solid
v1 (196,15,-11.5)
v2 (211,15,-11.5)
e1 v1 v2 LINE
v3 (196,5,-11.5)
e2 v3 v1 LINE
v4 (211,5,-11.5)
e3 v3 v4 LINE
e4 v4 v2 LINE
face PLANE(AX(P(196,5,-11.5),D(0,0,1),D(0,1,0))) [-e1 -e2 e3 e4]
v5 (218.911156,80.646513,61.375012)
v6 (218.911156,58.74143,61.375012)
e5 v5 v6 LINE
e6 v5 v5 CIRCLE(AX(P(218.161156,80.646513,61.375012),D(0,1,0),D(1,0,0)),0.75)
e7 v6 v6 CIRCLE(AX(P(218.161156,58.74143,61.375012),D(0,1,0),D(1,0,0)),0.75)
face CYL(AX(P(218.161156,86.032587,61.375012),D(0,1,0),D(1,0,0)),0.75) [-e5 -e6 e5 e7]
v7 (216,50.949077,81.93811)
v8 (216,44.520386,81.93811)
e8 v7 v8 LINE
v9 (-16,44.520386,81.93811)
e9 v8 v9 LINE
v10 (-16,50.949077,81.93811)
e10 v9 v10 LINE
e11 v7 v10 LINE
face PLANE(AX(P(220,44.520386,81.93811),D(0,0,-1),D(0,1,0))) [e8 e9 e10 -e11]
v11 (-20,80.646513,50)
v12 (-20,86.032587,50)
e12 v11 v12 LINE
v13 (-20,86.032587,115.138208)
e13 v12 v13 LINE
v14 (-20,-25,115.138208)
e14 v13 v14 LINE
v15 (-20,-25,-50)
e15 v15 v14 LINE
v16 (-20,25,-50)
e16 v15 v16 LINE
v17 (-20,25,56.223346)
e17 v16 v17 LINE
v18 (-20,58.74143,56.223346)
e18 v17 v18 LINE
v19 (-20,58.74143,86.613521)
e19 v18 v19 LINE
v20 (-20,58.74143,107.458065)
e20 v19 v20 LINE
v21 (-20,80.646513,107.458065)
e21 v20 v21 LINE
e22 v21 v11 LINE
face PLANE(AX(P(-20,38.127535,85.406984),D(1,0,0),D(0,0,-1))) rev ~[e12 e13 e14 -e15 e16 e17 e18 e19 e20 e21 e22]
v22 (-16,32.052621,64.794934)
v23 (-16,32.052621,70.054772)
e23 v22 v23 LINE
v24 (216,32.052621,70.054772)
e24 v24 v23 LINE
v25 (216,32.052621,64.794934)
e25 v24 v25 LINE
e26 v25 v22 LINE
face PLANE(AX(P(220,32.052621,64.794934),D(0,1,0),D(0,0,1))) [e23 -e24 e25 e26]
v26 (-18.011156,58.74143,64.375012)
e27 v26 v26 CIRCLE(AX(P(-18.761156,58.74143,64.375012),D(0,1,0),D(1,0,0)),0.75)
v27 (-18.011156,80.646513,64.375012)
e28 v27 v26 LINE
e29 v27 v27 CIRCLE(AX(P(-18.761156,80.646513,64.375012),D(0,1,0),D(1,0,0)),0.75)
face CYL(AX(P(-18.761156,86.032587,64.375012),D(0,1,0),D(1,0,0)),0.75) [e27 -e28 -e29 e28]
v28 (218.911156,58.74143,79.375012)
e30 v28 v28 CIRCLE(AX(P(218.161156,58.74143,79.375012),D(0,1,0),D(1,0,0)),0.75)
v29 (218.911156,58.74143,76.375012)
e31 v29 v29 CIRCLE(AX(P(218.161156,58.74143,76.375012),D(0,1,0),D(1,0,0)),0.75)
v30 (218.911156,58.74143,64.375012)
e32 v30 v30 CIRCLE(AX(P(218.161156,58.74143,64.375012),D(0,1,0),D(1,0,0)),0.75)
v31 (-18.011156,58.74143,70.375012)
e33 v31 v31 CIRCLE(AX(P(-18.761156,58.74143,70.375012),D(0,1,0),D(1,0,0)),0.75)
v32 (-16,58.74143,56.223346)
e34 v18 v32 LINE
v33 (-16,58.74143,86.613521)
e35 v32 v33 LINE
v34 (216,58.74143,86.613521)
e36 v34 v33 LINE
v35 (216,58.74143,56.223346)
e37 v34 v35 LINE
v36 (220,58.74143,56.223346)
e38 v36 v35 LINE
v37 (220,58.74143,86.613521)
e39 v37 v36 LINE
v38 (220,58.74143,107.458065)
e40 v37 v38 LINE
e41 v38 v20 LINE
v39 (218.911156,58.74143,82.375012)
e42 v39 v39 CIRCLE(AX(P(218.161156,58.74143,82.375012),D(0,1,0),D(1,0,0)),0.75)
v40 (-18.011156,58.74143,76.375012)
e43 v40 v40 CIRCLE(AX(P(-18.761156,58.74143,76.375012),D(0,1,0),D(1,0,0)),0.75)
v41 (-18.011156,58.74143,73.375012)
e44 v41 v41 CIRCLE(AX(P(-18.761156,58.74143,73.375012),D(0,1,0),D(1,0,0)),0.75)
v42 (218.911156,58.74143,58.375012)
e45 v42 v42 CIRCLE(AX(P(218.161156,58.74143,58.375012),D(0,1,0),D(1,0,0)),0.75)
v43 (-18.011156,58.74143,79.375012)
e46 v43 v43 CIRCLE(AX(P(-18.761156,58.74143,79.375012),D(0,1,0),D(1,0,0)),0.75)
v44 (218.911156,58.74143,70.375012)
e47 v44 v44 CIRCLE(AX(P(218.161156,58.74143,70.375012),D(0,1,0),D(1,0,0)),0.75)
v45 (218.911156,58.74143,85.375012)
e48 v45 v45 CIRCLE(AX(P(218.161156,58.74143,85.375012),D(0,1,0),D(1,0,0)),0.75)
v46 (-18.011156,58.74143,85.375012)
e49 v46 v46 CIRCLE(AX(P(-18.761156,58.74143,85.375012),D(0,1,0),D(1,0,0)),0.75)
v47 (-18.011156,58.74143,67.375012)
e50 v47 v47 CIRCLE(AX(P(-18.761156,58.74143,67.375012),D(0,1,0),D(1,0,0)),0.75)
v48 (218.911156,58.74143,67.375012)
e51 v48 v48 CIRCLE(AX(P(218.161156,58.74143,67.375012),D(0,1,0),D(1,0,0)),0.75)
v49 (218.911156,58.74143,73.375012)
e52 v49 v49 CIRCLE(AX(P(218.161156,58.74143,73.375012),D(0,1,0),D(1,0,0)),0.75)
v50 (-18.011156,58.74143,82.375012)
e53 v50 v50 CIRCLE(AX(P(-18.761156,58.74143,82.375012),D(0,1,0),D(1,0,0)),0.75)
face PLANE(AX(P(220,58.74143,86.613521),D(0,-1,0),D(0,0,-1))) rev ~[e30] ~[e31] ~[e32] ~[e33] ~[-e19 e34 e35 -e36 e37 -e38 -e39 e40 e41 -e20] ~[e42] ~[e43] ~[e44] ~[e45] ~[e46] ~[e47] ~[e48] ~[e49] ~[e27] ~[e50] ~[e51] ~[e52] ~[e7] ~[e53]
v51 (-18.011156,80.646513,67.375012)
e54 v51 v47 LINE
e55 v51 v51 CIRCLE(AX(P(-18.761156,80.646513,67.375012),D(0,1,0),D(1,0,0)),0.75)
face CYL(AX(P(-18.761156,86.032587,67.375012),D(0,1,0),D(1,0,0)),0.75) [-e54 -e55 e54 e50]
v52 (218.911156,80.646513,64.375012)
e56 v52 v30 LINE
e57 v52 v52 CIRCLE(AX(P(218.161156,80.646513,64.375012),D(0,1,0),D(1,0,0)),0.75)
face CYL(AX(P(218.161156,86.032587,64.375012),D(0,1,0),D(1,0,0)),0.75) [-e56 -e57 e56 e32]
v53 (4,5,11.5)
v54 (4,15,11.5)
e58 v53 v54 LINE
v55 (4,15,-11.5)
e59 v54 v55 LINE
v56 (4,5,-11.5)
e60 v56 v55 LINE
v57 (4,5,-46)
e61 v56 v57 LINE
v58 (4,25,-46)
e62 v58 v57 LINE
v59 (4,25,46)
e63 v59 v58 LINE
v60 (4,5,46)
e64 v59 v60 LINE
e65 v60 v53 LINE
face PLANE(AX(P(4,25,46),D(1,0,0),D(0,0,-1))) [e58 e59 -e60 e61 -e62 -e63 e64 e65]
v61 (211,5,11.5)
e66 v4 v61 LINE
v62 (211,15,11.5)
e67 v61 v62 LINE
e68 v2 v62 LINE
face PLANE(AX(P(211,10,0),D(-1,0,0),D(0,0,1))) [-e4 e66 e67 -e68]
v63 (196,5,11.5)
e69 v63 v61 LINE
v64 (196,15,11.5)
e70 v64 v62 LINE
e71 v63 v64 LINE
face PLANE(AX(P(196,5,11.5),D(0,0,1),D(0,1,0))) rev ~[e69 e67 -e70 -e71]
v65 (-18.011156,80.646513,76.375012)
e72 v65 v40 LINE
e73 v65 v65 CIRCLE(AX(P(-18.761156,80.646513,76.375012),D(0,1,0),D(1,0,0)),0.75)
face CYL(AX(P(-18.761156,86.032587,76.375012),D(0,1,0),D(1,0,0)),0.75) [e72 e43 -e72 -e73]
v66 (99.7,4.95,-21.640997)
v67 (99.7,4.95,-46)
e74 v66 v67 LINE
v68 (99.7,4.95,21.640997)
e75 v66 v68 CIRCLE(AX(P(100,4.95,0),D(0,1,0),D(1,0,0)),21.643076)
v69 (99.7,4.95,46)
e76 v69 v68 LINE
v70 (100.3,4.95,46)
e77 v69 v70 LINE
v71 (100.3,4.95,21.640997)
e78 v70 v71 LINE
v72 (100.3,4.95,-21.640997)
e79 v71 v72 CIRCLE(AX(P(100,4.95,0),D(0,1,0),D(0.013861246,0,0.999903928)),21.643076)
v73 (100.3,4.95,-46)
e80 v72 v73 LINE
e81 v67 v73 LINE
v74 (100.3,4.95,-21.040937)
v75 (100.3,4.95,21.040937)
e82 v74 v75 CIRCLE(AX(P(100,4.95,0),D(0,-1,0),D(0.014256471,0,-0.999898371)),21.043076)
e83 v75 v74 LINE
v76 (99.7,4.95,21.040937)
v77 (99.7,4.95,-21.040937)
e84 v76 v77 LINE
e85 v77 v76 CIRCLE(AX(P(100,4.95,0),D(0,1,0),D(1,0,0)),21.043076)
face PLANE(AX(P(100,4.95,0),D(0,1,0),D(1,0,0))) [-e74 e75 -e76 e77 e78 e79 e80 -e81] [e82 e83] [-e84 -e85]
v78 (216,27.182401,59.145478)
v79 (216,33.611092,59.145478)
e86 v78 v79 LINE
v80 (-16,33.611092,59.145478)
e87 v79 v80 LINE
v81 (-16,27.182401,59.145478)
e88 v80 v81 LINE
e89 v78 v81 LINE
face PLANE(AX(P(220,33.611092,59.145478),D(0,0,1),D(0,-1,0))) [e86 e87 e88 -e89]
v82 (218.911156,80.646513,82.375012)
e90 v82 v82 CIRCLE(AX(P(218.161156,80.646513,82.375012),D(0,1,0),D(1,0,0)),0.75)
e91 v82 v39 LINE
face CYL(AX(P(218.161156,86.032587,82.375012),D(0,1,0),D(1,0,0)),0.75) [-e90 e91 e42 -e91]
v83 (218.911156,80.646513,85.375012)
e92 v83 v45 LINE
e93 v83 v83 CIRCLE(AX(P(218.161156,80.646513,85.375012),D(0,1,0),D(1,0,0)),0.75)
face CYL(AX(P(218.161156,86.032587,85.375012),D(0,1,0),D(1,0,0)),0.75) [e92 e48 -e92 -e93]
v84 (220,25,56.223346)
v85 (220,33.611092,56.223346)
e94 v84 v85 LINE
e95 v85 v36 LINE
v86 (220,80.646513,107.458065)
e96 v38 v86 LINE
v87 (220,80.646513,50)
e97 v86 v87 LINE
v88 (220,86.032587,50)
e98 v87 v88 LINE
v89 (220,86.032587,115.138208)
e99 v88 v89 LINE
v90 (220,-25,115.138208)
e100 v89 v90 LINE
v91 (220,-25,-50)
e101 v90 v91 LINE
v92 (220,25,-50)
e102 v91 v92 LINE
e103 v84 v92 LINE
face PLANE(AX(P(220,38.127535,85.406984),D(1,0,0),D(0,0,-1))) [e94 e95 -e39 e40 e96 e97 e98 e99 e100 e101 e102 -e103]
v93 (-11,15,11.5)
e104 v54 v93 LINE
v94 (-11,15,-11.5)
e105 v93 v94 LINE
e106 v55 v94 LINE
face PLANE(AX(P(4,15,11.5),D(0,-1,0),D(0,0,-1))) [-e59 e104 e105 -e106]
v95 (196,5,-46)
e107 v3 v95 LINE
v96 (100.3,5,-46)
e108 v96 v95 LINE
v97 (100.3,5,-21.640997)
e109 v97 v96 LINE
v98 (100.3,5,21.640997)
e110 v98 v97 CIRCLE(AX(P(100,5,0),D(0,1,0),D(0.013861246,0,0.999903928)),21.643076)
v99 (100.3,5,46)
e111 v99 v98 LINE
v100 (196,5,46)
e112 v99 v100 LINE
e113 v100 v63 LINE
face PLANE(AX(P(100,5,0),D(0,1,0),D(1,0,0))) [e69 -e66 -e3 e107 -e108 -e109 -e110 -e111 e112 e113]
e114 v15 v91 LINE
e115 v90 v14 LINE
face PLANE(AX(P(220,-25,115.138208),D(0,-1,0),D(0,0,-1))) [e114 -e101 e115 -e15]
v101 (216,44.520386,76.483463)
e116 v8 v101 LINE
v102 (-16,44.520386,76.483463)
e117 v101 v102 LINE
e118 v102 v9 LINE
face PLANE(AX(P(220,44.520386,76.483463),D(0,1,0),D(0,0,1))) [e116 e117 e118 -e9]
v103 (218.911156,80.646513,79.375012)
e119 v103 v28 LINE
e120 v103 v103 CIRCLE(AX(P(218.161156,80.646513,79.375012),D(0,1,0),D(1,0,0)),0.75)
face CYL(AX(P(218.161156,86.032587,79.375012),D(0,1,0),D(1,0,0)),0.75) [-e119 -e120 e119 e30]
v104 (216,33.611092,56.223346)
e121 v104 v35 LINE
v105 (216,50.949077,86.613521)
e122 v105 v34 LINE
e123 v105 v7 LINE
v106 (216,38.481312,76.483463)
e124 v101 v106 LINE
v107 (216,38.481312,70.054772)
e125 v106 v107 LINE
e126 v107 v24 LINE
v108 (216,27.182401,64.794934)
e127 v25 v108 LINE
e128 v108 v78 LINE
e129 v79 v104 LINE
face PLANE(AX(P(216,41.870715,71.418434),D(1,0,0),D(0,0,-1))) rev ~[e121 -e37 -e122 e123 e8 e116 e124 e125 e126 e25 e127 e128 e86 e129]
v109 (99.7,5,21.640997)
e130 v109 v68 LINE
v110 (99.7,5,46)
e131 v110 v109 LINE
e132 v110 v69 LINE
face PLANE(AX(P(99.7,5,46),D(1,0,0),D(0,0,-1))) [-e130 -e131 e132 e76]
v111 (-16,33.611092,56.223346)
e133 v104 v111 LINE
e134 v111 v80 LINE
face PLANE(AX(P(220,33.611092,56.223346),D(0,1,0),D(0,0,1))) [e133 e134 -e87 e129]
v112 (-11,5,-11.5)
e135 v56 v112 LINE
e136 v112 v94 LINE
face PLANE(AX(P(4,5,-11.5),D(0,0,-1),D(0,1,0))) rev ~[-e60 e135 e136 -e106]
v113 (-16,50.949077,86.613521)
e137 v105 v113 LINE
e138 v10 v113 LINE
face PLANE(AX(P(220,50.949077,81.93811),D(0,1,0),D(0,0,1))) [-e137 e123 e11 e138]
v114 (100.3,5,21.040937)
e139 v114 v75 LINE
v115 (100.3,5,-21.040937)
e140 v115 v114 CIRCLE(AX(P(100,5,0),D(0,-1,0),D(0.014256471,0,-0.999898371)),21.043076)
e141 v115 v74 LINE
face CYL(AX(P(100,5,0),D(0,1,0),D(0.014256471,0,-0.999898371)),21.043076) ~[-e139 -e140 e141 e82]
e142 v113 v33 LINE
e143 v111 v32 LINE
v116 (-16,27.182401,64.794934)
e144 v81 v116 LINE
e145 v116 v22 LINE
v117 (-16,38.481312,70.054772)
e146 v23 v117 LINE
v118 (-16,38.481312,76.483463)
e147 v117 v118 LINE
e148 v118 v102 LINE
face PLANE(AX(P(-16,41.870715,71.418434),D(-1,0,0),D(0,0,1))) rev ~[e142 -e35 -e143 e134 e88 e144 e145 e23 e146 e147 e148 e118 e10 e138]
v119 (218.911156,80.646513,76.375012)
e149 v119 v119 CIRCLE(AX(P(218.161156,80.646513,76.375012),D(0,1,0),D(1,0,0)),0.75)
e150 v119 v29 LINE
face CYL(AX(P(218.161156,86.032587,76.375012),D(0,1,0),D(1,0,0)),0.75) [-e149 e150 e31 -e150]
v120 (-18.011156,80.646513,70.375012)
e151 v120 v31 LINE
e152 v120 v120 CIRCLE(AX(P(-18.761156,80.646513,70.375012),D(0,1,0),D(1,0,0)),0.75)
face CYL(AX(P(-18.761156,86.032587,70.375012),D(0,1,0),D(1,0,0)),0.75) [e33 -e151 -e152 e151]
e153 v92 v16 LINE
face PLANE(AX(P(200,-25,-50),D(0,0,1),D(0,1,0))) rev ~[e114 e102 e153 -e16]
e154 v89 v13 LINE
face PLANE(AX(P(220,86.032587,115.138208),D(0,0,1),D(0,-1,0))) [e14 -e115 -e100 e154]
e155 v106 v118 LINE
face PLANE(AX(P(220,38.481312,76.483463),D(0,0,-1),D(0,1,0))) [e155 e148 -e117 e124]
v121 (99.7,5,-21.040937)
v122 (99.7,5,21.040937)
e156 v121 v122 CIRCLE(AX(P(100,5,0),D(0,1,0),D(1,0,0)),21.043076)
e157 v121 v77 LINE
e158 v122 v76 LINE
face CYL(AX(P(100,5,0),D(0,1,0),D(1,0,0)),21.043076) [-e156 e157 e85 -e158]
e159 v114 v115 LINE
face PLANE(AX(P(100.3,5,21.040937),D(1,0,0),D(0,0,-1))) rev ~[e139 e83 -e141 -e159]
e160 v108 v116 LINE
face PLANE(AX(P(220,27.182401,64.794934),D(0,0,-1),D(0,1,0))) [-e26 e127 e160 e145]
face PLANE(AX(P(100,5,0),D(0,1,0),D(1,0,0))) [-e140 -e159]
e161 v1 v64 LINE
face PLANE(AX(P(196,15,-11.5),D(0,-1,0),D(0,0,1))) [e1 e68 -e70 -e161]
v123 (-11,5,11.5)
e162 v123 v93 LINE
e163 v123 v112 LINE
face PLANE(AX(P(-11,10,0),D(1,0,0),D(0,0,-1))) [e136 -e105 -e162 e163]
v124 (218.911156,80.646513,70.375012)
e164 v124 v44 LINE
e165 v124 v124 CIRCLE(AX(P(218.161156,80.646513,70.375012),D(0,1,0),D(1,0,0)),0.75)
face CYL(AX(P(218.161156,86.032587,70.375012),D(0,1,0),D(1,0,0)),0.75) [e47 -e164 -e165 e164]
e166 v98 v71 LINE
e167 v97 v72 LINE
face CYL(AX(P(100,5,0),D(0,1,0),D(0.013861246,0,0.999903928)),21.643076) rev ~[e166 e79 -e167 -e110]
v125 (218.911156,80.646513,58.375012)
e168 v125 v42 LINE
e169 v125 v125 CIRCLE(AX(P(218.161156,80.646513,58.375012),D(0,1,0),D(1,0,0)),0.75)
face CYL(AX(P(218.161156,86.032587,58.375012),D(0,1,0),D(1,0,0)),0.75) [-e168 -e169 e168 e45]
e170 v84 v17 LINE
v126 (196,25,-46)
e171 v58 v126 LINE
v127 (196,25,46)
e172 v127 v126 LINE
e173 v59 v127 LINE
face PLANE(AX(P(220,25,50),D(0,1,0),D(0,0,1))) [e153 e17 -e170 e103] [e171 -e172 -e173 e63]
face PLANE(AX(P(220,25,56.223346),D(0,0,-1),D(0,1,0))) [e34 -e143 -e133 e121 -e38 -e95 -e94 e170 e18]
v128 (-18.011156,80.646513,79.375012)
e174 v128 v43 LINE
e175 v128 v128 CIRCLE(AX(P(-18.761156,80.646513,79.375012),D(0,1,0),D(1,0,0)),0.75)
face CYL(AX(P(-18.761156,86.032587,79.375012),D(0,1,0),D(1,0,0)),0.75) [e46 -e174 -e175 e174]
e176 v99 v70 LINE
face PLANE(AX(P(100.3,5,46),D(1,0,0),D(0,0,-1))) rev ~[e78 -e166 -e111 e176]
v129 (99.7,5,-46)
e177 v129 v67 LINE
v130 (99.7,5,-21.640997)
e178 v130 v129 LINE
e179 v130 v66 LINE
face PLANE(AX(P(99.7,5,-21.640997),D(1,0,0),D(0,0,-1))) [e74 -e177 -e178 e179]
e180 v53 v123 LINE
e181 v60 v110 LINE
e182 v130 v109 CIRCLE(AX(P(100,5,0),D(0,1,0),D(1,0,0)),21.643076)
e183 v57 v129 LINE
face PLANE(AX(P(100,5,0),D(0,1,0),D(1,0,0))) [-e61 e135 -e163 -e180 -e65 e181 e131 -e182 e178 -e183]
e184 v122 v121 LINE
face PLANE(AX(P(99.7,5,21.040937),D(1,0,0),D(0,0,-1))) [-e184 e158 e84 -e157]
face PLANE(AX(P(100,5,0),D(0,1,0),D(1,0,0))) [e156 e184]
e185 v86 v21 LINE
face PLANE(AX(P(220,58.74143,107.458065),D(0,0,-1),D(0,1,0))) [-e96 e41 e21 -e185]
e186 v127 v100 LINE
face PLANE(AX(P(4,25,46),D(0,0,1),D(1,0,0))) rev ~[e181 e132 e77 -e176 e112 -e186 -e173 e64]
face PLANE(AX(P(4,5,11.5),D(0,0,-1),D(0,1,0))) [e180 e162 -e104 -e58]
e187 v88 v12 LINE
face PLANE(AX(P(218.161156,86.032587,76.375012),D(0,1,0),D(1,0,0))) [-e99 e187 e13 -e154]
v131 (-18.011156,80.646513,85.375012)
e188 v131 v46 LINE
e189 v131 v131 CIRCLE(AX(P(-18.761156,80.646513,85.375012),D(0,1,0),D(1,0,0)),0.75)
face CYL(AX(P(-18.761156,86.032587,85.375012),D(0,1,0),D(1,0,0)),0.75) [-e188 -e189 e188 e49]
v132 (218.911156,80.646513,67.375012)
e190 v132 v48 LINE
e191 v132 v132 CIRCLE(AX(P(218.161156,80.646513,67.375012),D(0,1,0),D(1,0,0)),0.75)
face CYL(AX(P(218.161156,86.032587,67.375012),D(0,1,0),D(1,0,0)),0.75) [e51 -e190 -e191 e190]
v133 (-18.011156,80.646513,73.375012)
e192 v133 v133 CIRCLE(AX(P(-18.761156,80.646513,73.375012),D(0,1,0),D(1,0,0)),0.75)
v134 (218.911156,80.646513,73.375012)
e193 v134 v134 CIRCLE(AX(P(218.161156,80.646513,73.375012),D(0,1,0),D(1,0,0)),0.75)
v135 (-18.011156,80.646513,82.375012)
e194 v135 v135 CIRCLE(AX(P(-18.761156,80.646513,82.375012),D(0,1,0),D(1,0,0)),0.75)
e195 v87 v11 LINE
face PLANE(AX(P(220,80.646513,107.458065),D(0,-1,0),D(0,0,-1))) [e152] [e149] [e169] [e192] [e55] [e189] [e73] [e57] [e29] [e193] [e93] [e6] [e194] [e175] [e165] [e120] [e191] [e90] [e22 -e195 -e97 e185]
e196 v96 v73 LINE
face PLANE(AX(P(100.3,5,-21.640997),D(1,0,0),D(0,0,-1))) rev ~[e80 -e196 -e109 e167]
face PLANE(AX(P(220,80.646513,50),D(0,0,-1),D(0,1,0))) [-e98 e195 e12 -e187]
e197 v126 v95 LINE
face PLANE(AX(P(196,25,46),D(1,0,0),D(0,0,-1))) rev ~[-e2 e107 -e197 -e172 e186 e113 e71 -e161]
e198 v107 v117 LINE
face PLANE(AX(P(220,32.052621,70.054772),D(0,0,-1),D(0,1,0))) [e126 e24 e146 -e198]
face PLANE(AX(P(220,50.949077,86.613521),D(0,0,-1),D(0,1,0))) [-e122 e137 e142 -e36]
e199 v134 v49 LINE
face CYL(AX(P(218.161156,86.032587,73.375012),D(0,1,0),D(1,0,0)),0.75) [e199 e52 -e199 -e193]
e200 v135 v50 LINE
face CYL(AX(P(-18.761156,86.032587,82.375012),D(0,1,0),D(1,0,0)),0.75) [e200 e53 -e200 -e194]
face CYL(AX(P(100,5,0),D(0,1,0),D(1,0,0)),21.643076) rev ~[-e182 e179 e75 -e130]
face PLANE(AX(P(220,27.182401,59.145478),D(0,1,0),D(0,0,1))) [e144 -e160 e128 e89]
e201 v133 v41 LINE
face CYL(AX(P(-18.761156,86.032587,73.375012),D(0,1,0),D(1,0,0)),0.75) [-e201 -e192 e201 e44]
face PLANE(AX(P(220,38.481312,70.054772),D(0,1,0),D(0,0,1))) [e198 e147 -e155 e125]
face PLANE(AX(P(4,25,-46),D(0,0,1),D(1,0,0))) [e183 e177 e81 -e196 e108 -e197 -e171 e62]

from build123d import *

# Parameters (mm, degrees)
SKETCH_1_W            = 100
SKETCH_1_H            = 50
EXTRUDE_1_DEPTH       = 200
SKETCH_2_W            = 192
SKETCH_2_H            = 92
CUT_EXTRUDE_1_DEPTH   = 20
SKETCH_3_W            = 100
SKETCH_3_H            = 50
EXTRUDE_2_DEPTH       = 20
SKETCH_4_W            = 100
SKETCH_4_H            = 50
EXTRUDE_3_DEPTH       = 20
SKETCH_6_W            = 23
SKETCH_6_H            = 10
CUT_EXTRUDE_2_DEPTH   = 15
SKETCH_7_W            = 23
SKETCH_7_H            = 10
CUT_EXTRUDE_3_DEPTH   = 15
SKETCH_10_R           = 21.643075995
SKETCH_10_R_2         = 21.043075995
SKETCH_10_W           = 0.6
SKETCH_10_H           = 92
CUT_EXTRUDE_2_2_DEPTH = 0.05
EXTRUDE_4_DEPTH       = 240
SKETCH_12_W           = 30.390175899
SKETCH_12_H           = 33.741429703
EXTRUDE_5_DEPTH       = 4
SKETCH_13_W           = 30.390175899
SKETCH_13_H           = 33.741429703
EXTRUDE_6_DEPTH       = 4
SKETCH_14_R           = 0.75
EXTRUDE_7_DEPTH       = 27.291157


with BuildPart() as part:
    # 草圖1 → 填料-伸長1 (new body)
    with BuildSketch(Plane(origin=(0, 0, 0), x_dir=(0, 0, -1), z_dir=(1, 0, 0))):
        Rectangle(SKETCH_1_W, SKETCH_1_H)
    extrude(amount=EXTRUDE_1_DEPTH)

    # 草圖2 → 除料-伸長1 (cut)
    with BuildSketch(Plane(origin=(0, 25, 0), x_dir=(1, 0, 0), z_dir=(0, 1, 0))):
        with Locations((100, 0)):
            Rectangle(SKETCH_2_W, SKETCH_2_H)
    extrude(amount=-CUT_EXTRUDE_1_DEPTH, mode=Mode.SUBTRACT)

    # 草圖3 → 填料-伸長2 (add)
    with BuildSketch(Plane.ZY):
        Rectangle(SKETCH_3_W, SKETCH_3_H)
    extrude(amount=EXTRUDE_2_DEPTH)

    # 草圖4 → 填料-伸長3 (add)
    with BuildSketch(Plane(origin=(200, 0, 0), x_dir=(0, 0, -1), z_dir=(1, 0, 0))):
        Rectangle(SKETCH_4_W, SKETCH_4_H)
    extrude(amount=EXTRUDE_3_DEPTH)

    # 草圖6 → Cut-Extrude 2 (cut)
    with BuildSketch(Plane(origin=(4, 0, 0), x_dir=(0, 0, -1), z_dir=(1, 0, 0))):
        with Locations((0, 10)):
            Rectangle(SKETCH_6_W, SKETCH_6_H)
    extrude(amount=-CUT_EXTRUDE_2_DEPTH, mode=Mode.SUBTRACT)

    # 草圖7 → 除料-伸長3 (cut)
    with BuildSketch(Plane.ZY.offset(-196)):
        with Locations((0, 10)):
            Rectangle(SKETCH_7_W, SKETCH_7_H)
    extrude(amount=-CUT_EXTRUDE_3_DEPTH, mode=Mode.SUBTRACT)

    # 草圖10 → Cut-Extrude 2 2 (cut)
    with BuildSketch(Plane(origin=(0, 5, 0), x_dir=(1, 0, 0), z_dir=(0, 1, 0))):
        with Locations((100, 0)):
            Circle(SKETCH_10_R)
        with Locations((100, 0)):
            Circle(SKETCH_10_R_2, mode=Mode.SUBTRACT)
        with Locations((100, 0)):
            Rectangle(SKETCH_10_W, SKETCH_10_H)
    extrude(amount=-CUT_EXTRUDE_2_2_DEPTH, mode=Mode.SUBTRACT)

    # 草圖11 → 填料-伸長4 (add)
    with BuildSketch(Plane(origin=(220, 0, 0), x_dir=(0, 0, -1), z_dir=(1, 0, 0))):
        Polygon((-50, 25), (-56.223345598, 25), (-56.223345598, 33.611091941), (-59.145477896, 33.611091941), (-59.145477896, 27.182400885), (-64.794933673, 27.182400885), (-64.794933673, 32.052621382), (-70.054771809, 32.052621382), (-70.054771809, 38.481312437), (-76.483462864, 38.481312437), (-76.483462864, 44.520385853), (-81.938109821, 44.520385853), (-81.938109821, 50.949076909), (-86.613521497, 50.949076909), (-86.613521497, 58.741429703), (-107.458065223, 58.741429703), (-107.458065223, 80.646512644), (-50, 80.646512644), (-50, 86.032586896), (-115.138208137, 86.032586896), (-115.138208137, -25), (-50, -25), align=None)
    extrude(amount=-EXTRUDE_4_DEPTH)

    # 草圖12 → 填料-伸長5 (add)
    with BuildSketch(Plane(origin=(220, 0, 0), x_dir=(0, 0, -1), z_dir=(1, 0, 0))):
        with Locations((-71.418433548, 41.870714851)):
            Rectangle(SKETCH_12_W, SKETCH_12_H)
    extrude(amount=-EXTRUDE_5_DEPTH)

    # 草圖13 → 填料-伸長6 (add)
    with BuildSketch(Plane.ZY.offset(20)):
        with Locations((71.418433548, 41.870714851)):
            Rectangle(SKETCH_13_W, SKETCH_13_H)
    extrude(amount=-EXTRUDE_6_DEPTH)

    # 草圖14 → 填料-伸長7 (add)
    with BuildSketch(Plane(origin=(0, 86.032586896, 0), x_dir=(1, 0, 0), z_dir=(0, 1, 0))):
        with Locations((218.161156155, -76.375011751)):
            Circle(SKETCH_14_R)
        with Locations((218.161156155, -73.375011751)):
            Circle(SKETCH_14_R)
        with Locations((218.161156155, -70.375011751)):
            Circle(SKETCH_14_R)
        with Locations((218.161156155, -67.375011751)):
            Circle(SKETCH_14_R)
        with Locations((218.161156155, -64.375011751)):
            Circle(SKETCH_14_R)
        with Locations((218.161156155, -61.375011751)):
            Circle(SKETCH_14_R)
        with Locations((218.161156155, -58.375011751)):
            Circle(SKETCH_14_R)
        with Locations((-18.761156155, -85.375011751)):
            Circle(SKETCH_14_R)
        with Locations((-18.761156155, -79.375011751)):
            Circle(SKETCH_14_R)
        with Locations((-18.761156155, -70.375011751)):
            Circle(SKETCH_14_R)
        with Locations((218.161156155, -85.375011751)):
            Circle(SKETCH_14_R)
        with Locations((218.161156155, -82.375011751)):
            Circle(SKETCH_14_R)
        with Locations((218.161156155, -79.375011751)):
            Circle(SKETCH_14_R)
        with Locations((-18.761156155, -82.375011751)):
            Circle(SKETCH_14_R)
        with Locations((-18.761156155, -76.375011751)):
            Circle(SKETCH_14_R)
        with Locations((-18.761156155, -73.375011751)):
            Circle(SKETCH_14_R)
        with Locations((-18.761156155, -67.375011751)):
            Circle(SKETCH_14_R)
        with Locations((-18.761156155, -64.375011751)):
            Circle(SKETCH_14_R)
    extrude(amount=-EXTRUDE_7_DEPTH)


solid = part.part
